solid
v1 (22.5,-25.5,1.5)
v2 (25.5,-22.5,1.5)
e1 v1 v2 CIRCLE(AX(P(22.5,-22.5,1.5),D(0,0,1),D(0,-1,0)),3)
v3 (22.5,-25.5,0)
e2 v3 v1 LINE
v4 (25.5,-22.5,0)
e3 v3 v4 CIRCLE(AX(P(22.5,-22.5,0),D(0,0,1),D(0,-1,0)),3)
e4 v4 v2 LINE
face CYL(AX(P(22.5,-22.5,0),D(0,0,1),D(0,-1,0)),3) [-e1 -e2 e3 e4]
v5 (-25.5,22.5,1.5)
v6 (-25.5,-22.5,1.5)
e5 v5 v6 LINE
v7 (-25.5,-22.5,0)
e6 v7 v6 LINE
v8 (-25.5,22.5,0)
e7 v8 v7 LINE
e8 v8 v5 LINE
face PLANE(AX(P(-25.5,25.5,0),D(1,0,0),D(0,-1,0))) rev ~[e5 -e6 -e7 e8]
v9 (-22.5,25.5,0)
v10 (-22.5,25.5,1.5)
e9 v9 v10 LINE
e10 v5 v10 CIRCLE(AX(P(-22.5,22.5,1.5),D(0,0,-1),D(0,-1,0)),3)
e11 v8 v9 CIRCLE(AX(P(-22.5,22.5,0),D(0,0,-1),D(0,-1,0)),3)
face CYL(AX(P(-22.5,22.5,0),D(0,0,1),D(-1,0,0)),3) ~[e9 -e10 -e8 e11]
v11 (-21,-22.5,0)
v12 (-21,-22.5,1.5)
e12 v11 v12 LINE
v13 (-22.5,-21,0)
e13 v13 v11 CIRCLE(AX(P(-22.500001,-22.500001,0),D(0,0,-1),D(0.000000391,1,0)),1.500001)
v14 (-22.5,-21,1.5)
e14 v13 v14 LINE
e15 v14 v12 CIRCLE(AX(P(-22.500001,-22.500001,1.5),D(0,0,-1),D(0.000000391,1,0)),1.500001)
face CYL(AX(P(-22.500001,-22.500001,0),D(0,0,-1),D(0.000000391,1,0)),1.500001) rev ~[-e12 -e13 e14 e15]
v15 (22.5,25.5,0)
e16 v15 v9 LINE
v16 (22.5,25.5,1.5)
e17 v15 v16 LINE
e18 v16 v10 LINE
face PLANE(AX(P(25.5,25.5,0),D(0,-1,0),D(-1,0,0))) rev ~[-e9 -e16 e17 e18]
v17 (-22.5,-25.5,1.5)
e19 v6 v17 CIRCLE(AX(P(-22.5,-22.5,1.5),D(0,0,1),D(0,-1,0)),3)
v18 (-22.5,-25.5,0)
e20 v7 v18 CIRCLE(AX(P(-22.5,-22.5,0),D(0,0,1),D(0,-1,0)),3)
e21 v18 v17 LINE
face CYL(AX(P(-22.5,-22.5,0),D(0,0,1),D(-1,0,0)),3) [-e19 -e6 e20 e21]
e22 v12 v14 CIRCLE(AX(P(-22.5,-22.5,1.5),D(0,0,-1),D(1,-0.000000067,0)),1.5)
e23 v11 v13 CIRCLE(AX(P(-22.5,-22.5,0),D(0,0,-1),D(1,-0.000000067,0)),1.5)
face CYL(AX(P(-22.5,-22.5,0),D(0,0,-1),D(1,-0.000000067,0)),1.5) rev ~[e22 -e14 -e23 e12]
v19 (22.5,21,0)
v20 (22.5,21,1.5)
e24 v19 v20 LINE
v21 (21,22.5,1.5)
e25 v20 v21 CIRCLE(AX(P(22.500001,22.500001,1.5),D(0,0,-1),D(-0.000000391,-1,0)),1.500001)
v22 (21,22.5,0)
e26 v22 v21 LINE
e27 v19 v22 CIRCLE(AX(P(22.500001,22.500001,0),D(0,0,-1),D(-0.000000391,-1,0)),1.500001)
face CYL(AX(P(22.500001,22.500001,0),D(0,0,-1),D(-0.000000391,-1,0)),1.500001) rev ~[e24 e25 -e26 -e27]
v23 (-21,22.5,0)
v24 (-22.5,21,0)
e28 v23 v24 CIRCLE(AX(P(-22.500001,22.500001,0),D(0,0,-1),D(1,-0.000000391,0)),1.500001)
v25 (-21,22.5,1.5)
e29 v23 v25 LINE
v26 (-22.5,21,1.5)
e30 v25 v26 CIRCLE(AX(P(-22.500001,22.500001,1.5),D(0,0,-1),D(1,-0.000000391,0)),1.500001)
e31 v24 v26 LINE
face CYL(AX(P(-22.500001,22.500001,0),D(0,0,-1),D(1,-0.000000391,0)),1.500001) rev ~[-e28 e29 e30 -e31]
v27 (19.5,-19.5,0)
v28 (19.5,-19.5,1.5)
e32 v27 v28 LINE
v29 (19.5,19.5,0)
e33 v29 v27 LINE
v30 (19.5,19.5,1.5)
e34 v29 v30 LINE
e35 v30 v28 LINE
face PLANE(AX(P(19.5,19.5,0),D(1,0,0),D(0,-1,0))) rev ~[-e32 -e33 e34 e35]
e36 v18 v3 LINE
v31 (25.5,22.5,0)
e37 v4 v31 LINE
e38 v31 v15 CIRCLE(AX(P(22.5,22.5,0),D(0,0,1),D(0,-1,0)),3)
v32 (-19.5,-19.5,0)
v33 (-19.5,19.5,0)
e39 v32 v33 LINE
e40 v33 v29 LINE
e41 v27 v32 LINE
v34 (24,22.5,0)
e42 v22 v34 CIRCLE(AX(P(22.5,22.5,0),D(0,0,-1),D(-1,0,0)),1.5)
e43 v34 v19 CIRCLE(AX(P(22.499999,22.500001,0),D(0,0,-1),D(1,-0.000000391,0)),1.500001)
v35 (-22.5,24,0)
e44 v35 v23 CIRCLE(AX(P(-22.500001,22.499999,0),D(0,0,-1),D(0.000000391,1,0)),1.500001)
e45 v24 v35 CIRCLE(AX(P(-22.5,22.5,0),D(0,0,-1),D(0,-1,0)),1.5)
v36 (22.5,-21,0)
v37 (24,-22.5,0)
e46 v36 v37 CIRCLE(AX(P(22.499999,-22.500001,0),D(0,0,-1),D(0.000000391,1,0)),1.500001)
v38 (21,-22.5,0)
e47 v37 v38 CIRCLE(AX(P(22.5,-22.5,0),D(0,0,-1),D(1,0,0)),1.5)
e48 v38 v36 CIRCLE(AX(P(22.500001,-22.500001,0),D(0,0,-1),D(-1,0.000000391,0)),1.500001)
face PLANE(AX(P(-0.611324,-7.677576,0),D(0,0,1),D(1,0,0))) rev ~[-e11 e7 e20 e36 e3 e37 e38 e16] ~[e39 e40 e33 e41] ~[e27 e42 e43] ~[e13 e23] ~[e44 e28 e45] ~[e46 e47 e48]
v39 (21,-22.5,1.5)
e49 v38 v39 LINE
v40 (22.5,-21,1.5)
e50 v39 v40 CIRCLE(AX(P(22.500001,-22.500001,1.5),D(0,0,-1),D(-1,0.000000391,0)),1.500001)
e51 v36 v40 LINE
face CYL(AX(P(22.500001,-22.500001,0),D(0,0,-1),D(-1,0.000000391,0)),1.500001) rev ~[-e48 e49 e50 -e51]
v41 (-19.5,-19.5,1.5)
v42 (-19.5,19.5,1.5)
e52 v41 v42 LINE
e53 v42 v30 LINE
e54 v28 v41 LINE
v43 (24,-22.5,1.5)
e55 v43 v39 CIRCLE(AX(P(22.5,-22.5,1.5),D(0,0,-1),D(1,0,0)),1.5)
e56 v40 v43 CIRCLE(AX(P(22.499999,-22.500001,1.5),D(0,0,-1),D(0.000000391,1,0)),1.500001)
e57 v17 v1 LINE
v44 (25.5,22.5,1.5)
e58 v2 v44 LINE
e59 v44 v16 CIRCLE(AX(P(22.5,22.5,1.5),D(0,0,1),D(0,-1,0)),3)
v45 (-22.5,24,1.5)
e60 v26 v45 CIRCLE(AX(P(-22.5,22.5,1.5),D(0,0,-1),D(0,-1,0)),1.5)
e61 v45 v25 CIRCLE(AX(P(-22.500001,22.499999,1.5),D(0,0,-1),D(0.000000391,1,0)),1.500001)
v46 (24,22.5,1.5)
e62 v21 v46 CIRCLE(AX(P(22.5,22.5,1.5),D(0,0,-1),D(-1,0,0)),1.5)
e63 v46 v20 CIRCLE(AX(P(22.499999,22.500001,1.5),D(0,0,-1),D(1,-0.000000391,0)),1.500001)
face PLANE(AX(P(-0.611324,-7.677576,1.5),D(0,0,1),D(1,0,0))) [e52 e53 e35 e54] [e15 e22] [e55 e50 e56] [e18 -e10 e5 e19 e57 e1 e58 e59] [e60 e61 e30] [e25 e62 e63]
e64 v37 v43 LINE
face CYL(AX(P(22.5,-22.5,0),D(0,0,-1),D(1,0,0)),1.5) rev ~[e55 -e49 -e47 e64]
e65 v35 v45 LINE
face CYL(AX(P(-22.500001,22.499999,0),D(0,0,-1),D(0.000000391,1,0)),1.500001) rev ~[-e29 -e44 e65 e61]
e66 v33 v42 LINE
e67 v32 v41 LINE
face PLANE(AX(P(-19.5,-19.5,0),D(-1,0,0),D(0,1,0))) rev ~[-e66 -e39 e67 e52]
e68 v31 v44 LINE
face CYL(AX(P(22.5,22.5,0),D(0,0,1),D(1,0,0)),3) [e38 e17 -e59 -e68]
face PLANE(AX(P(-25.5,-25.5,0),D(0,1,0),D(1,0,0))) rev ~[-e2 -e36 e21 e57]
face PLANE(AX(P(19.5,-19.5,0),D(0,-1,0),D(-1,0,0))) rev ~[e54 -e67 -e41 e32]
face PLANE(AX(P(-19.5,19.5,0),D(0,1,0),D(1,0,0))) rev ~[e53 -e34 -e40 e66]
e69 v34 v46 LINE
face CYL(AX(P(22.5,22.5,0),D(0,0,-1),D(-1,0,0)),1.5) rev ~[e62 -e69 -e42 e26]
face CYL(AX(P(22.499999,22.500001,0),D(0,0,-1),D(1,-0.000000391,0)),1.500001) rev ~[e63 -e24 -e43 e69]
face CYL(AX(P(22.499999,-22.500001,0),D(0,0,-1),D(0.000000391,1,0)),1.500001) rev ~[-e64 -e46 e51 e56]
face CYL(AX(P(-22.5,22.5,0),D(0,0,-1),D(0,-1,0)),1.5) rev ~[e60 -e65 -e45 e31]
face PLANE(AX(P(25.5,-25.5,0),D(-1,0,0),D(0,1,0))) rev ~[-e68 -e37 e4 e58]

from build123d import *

# Parameters (mm, degrees)
F1_DEPTH = 1.5
F2_R     = 3


with BuildPart() as f1:
    # F0 (on Top) → F1 (new body)
    with BuildSketch(Plane.XY):
        with BuildLine():
            Line((21, -22.5), (19.5, -22.5))
            Line((19.5, -22.5), (-21, -22.5))
            ThreePointArc((-21, -22.5), (-23.56066, -23.56066), (-22.5, -21))
            Line((-22.5, -21), (-22.5, -19.5))
            Line((-22.5, -19.5), (-22.5, 21))
            ThreePointArc((-22.5, 21), (-24, 22.5), (-22.5, 24))
            Line((-22.5, 24), (-22.5, 25.5))
            Line((-22.5, 25.5), (-25.5, 25.5))
            Line((-25.5, 25.5), (-25.5, -25.5))
            Line((-25.5, -25.5), (25.5, -25.5))
            Line((25.5, -25.5), (25.5, 22.5))
            Line((25.5, 22.5), (24, 22.5))
            ThreePointArc((24, 22.5), (23.56066, 21.43934), (22.5, 21))
            Line((22.5, 21), (22.5, 19.5))
            Line((22.5, 19.5), (22.5, -21))
            ThreePointArc((22.5, -21), (23.56066, -21.43934), (24, -22.5))
            ThreePointArc((24, -22.5), (22.5, -24), (21, -22.5))
        make_face()
        with BuildLine():
            Line((-21, 22.5), (-19.5, 22.5))
            Line((-19.5, 22.5), (21, 22.5))
            ThreePointArc((21, 22.5), (22.5, 24), (24, 22.5))
            Line((24, 22.5), (25.5, 22.5))
            Line((25.5, 22.5), (25.5, 25.5))
            Line((25.5, 25.5), (-22.5, 25.5))
            Line((-22.5, 25.5), (-22.5, 24))
            ThreePointArc((-22.5, 24), (-21.43934, 23.56066), (-21, 22.5))
        make_face()
        with BuildLine():
            Line((-21, -22.5), (19.5, -22.5))
            Line((19.5, -22.5), (19.5, -19.5))
            Line((19.5, -19.5), (-19.5, -19.5))
            Line((-19.5, -19.5), (-22.5, -19.5))
            Line((-22.5, -19.5), (-22.5, -21))
            ThreePointArc((-22.5, -21), (-21.43934, -21.43934), (-21, -22.5))
        make_face()
        with BuildLine():
            Line((19.5, -19.5), (19.5, -22.5))
            Line((19.5, -22.5), (21, -22.5))
            ThreePointArc((21, -22.5), (21.43934, -21.43934), (22.5, -21))
            Line((22.5, -21), (22.5, 19.5))
            Line((22.5, 19.5), (19.5, 19.5))
            Line((19.5, 19.5), (19.5, -19.5))
        make_face()
        with BuildLine():
            Line((-19.5, 19.5), (19.5, 19.5))
            Line((19.5, 19.5), (22.5, 19.5))
            Line((22.5, 19.5), (22.5, 21))
            ThreePointArc((22.5, 21), (21.43934, 21.43934), (21, 22.5))
            Line((21, 22.5), (-19.5, 22.5))
            Line((-19.5, 22.5), (-19.5, 19.5))
        make_face()
        with BuildLine():
            Line((-22.5, -19.5), (-19.5, -19.5))
            Line((-19.5, -19.5), (-19.5, 19.5))
            Line((-19.5, 19.5), (-19.5, 22.5))
            Line((-19.5, 22.5), (-21, 22.5))
            ThreePointArc((-21, 22.5), (-21.43934, 21.43934), (-22.5, 21))
            Line((-22.5, 21), (-22.5, -19.5))
        make_face()
    extrude(amount=F1_DEPTH)

    # F2
    f2_edges = [f1.edges().sort_by_distance(p)[0] for p in [
        (-25.5, 25.5, 0.75),
        (25.5, -25.5, 0.75),
        (-25.5, -25.5, 0.75),
        (25.5, 25.5, 0.75),
    ]]
    fillet(f2_edges, radius=F2_R)


solid = f1.part
